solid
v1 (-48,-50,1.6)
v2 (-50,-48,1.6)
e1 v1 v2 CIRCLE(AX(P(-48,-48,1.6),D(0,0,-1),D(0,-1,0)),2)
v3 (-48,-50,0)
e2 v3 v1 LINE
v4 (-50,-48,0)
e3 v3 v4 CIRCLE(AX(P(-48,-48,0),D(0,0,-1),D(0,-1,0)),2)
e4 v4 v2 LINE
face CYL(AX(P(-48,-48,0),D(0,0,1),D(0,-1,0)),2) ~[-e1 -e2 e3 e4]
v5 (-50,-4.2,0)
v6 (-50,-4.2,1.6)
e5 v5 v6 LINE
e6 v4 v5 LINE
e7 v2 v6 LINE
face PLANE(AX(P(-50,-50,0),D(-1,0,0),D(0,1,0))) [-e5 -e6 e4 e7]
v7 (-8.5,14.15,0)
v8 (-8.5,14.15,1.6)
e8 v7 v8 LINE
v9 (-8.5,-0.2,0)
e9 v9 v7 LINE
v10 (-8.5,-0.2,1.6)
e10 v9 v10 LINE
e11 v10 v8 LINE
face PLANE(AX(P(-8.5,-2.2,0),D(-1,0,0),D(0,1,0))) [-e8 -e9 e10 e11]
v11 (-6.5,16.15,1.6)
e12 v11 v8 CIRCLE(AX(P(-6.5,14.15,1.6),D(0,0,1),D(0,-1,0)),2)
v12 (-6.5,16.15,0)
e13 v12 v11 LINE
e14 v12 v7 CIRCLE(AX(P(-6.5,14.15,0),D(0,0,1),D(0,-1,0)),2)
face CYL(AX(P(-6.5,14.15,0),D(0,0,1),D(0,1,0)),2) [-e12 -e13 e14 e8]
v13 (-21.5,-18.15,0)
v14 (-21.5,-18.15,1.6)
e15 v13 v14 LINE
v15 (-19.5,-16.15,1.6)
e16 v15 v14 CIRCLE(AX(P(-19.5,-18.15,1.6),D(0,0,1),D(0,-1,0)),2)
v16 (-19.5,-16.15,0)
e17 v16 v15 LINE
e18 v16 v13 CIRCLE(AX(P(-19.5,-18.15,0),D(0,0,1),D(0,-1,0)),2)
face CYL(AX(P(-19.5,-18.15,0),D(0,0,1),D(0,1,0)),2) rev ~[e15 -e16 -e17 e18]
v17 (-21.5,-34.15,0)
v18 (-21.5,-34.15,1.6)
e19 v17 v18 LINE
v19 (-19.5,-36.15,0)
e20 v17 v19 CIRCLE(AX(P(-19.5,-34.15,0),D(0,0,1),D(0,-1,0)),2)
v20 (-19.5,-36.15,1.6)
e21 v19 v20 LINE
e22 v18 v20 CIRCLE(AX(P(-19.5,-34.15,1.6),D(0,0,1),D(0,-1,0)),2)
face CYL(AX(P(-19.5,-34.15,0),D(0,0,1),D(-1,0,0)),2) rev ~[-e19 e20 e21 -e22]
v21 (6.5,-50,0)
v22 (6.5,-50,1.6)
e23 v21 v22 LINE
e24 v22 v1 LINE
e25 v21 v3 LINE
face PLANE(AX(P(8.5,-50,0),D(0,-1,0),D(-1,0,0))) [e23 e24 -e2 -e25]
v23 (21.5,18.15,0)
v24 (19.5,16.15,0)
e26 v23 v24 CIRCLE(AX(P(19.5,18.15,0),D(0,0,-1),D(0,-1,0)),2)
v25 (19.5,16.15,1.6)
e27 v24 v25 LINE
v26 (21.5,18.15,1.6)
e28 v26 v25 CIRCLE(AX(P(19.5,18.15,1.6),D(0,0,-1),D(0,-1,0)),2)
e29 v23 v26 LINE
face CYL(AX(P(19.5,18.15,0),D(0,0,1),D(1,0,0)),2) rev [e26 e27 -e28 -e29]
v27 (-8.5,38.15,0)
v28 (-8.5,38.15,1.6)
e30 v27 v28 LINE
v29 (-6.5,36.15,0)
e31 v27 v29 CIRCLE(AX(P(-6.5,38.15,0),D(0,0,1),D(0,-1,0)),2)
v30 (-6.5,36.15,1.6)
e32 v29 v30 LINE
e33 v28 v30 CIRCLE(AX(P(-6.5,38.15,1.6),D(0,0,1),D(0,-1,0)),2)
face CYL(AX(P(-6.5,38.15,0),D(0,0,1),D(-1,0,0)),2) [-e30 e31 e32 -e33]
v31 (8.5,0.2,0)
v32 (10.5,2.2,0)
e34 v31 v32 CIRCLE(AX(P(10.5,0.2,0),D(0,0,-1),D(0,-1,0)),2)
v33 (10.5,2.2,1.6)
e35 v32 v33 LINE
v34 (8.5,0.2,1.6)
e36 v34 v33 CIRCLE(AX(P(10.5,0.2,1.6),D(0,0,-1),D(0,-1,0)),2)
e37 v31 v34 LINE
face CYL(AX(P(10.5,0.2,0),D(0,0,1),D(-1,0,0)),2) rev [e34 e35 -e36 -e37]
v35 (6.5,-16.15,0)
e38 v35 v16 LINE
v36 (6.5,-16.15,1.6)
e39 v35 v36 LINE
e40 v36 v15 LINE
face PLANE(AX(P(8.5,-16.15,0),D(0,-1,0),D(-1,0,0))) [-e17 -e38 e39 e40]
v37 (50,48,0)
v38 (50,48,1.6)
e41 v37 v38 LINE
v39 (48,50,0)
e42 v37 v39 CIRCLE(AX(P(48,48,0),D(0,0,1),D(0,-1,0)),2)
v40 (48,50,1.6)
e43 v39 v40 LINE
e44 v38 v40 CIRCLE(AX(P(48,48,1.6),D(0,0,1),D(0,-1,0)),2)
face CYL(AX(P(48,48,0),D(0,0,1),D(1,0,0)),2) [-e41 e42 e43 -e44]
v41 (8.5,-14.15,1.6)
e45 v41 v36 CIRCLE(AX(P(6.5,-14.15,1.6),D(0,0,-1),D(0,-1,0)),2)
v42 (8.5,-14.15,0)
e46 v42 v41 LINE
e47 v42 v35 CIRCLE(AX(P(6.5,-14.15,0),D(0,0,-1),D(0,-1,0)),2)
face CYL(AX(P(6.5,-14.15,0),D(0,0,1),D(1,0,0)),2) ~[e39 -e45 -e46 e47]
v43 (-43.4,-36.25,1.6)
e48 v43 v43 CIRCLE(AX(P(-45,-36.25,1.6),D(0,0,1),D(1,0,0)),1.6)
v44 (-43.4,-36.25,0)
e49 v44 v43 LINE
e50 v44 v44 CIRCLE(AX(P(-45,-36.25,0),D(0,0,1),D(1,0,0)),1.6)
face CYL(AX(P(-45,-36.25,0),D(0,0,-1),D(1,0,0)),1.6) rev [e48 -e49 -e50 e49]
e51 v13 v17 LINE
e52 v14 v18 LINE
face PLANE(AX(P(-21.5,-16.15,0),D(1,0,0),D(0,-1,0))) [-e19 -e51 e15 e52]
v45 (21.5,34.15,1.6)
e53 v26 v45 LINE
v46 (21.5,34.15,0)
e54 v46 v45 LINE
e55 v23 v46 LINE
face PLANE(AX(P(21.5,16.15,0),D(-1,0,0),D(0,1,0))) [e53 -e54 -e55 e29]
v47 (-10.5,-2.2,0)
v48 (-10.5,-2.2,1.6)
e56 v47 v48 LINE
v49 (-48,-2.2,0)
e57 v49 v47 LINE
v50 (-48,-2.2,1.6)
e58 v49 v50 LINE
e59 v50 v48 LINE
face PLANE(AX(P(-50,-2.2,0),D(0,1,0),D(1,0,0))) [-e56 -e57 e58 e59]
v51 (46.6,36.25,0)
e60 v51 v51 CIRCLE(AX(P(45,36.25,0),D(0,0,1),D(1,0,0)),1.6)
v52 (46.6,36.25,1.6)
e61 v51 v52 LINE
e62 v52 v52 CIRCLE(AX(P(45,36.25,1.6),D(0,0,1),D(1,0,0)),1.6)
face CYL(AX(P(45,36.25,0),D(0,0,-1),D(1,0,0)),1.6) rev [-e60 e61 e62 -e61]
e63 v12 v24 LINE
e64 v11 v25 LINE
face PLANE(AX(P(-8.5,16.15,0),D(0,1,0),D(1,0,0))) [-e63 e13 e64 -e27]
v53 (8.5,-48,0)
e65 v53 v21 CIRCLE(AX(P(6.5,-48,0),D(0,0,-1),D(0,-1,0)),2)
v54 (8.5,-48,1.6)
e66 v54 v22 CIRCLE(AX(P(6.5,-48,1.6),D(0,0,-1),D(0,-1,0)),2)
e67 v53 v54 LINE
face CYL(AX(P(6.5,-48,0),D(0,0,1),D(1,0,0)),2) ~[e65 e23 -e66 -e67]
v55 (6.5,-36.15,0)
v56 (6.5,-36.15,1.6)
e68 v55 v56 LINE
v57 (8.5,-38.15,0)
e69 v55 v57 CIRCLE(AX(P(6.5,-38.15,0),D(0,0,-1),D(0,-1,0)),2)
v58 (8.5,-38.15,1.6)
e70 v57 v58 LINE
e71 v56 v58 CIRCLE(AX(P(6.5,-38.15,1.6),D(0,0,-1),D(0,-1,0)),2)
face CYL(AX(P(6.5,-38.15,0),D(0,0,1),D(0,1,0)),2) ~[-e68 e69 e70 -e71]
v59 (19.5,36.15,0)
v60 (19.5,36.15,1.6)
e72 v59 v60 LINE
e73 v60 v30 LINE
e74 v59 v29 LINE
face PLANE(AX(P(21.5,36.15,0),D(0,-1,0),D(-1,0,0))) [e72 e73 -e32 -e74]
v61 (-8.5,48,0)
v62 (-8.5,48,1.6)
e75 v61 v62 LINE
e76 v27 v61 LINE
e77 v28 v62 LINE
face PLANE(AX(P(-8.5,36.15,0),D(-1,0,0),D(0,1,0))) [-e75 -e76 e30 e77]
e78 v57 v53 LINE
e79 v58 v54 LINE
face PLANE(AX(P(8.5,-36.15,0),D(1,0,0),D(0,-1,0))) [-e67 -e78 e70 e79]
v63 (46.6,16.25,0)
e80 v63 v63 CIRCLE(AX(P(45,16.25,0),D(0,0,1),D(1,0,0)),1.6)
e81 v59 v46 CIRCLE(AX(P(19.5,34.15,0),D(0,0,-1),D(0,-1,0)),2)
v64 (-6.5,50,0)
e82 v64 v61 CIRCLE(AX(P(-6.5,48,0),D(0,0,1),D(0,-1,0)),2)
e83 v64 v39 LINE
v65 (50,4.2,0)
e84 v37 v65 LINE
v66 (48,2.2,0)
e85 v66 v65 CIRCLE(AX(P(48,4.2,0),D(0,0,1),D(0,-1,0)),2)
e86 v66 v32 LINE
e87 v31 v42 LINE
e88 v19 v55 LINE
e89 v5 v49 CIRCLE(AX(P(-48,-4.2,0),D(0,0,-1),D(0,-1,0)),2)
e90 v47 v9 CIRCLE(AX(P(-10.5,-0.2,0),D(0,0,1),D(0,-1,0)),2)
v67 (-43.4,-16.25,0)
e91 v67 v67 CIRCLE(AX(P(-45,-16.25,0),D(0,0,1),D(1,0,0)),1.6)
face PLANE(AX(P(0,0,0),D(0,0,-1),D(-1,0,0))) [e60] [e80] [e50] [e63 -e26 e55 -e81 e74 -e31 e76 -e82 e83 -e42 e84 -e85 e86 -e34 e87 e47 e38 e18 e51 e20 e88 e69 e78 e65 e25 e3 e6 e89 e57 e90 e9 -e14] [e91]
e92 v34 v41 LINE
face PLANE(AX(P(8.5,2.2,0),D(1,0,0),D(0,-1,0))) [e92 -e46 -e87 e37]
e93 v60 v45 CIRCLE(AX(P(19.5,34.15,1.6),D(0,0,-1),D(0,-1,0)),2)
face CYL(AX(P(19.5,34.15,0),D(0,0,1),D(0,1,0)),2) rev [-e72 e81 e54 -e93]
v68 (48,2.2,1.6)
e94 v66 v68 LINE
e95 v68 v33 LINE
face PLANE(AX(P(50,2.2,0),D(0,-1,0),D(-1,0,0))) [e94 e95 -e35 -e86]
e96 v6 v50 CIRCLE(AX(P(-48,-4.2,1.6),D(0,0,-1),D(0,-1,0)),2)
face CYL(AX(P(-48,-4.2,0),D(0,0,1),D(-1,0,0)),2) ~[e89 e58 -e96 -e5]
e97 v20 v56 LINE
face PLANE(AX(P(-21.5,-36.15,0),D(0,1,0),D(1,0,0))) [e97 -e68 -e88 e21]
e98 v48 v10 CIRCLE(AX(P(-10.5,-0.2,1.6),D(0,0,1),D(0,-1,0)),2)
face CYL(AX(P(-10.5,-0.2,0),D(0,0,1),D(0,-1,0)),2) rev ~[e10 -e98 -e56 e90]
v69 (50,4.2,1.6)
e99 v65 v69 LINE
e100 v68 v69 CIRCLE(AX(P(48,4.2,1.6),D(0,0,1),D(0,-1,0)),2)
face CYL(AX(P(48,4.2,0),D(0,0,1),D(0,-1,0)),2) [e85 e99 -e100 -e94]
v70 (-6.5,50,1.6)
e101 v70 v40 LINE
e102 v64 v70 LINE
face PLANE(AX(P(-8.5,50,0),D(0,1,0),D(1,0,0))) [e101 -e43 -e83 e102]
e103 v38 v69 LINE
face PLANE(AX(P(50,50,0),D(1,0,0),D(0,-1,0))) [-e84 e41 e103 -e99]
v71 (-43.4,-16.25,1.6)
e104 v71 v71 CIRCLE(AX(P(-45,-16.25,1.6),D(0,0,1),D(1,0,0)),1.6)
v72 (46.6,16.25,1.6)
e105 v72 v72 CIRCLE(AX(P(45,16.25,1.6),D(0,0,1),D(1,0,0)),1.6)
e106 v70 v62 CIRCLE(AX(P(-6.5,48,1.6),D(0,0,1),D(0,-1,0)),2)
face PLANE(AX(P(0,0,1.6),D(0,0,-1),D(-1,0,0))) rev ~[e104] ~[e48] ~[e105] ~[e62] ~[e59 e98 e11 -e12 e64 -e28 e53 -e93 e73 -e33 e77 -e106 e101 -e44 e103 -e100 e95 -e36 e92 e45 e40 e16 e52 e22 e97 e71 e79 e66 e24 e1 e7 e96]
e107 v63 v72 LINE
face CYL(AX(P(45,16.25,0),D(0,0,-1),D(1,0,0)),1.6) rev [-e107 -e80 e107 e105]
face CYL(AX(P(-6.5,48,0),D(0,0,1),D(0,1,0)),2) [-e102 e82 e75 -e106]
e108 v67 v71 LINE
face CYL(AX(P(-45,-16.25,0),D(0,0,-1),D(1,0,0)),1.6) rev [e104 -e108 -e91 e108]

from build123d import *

# Parameters (mm, degrees)
SKETCH_1_R      = 1.6
EXTRUDE_1_DEPTH = 1.6
FILLET_1_R      = 2


with BuildPart() as part:
    # 草图1 → 凸台-拉伸1 (new body)
    with BuildSketch(Plane.XY):
        Polygon((8.5, 2.2), (8.5, -16.15), (-21.5, -16.15), (-21.5, -36.15), (8.5, -36.15), (8.5, -50), (-50, -50), (-50, -2.2), (-8.5, -2.2), (-8.5, 16.15), (21.5, 16.15), (21.5, 36.15), (-8.5, 36.15), (-8.5, 50), (50, 50), (50, 2.2), align=None)
        with Locations((-45, -36.25)):
            Circle(SKETCH_1_R, mode=Mode.SUBTRACT)
        with Locations((-45, -16.25)):
            Circle(SKETCH_1_R, mode=Mode.SUBTRACT)
        with Locations((45, 16.25)):
            Circle(SKETCH_1_R, mode=Mode.SUBTRACT)
        with Locations((45, 36.25)):
            Circle(SKETCH_1_R, mode=Mode.SUBTRACT)
    extrude(amount=EXTRUDE_1_DEPTH)

    # 圆角1
    fillet_1_edges = [part.edges().sort_by_distance(p)[0] for p in [
        (8.5, 2.2, 0.8),
        (8.5, -16.15, 0.8),
        (-21.5, -16.15, 0.8),
        (-21.5, -36.15, 0.8),
        (8.5, -36.15, 0.8),
        (8.5, -50, 0.8),
        (-50, -50, 0.8),
        (-50, -2.2, 0.8),
        (-8.5, -2.2, 0.8),
        (-8.5, 16.15, 0.8),
        (21.5, 16.15, 0.8),
        (21.5, 36.15, 0.8),
        (-8.5, 36.15, 0.8),
        (-8.5, 50, 0.8),
        (50, 50, 0.8),
        (50, 2.2, 0.8),
    ]]
    fillet(fillet_1_edges, radius=FILLET_1_R)


solid = part.part
